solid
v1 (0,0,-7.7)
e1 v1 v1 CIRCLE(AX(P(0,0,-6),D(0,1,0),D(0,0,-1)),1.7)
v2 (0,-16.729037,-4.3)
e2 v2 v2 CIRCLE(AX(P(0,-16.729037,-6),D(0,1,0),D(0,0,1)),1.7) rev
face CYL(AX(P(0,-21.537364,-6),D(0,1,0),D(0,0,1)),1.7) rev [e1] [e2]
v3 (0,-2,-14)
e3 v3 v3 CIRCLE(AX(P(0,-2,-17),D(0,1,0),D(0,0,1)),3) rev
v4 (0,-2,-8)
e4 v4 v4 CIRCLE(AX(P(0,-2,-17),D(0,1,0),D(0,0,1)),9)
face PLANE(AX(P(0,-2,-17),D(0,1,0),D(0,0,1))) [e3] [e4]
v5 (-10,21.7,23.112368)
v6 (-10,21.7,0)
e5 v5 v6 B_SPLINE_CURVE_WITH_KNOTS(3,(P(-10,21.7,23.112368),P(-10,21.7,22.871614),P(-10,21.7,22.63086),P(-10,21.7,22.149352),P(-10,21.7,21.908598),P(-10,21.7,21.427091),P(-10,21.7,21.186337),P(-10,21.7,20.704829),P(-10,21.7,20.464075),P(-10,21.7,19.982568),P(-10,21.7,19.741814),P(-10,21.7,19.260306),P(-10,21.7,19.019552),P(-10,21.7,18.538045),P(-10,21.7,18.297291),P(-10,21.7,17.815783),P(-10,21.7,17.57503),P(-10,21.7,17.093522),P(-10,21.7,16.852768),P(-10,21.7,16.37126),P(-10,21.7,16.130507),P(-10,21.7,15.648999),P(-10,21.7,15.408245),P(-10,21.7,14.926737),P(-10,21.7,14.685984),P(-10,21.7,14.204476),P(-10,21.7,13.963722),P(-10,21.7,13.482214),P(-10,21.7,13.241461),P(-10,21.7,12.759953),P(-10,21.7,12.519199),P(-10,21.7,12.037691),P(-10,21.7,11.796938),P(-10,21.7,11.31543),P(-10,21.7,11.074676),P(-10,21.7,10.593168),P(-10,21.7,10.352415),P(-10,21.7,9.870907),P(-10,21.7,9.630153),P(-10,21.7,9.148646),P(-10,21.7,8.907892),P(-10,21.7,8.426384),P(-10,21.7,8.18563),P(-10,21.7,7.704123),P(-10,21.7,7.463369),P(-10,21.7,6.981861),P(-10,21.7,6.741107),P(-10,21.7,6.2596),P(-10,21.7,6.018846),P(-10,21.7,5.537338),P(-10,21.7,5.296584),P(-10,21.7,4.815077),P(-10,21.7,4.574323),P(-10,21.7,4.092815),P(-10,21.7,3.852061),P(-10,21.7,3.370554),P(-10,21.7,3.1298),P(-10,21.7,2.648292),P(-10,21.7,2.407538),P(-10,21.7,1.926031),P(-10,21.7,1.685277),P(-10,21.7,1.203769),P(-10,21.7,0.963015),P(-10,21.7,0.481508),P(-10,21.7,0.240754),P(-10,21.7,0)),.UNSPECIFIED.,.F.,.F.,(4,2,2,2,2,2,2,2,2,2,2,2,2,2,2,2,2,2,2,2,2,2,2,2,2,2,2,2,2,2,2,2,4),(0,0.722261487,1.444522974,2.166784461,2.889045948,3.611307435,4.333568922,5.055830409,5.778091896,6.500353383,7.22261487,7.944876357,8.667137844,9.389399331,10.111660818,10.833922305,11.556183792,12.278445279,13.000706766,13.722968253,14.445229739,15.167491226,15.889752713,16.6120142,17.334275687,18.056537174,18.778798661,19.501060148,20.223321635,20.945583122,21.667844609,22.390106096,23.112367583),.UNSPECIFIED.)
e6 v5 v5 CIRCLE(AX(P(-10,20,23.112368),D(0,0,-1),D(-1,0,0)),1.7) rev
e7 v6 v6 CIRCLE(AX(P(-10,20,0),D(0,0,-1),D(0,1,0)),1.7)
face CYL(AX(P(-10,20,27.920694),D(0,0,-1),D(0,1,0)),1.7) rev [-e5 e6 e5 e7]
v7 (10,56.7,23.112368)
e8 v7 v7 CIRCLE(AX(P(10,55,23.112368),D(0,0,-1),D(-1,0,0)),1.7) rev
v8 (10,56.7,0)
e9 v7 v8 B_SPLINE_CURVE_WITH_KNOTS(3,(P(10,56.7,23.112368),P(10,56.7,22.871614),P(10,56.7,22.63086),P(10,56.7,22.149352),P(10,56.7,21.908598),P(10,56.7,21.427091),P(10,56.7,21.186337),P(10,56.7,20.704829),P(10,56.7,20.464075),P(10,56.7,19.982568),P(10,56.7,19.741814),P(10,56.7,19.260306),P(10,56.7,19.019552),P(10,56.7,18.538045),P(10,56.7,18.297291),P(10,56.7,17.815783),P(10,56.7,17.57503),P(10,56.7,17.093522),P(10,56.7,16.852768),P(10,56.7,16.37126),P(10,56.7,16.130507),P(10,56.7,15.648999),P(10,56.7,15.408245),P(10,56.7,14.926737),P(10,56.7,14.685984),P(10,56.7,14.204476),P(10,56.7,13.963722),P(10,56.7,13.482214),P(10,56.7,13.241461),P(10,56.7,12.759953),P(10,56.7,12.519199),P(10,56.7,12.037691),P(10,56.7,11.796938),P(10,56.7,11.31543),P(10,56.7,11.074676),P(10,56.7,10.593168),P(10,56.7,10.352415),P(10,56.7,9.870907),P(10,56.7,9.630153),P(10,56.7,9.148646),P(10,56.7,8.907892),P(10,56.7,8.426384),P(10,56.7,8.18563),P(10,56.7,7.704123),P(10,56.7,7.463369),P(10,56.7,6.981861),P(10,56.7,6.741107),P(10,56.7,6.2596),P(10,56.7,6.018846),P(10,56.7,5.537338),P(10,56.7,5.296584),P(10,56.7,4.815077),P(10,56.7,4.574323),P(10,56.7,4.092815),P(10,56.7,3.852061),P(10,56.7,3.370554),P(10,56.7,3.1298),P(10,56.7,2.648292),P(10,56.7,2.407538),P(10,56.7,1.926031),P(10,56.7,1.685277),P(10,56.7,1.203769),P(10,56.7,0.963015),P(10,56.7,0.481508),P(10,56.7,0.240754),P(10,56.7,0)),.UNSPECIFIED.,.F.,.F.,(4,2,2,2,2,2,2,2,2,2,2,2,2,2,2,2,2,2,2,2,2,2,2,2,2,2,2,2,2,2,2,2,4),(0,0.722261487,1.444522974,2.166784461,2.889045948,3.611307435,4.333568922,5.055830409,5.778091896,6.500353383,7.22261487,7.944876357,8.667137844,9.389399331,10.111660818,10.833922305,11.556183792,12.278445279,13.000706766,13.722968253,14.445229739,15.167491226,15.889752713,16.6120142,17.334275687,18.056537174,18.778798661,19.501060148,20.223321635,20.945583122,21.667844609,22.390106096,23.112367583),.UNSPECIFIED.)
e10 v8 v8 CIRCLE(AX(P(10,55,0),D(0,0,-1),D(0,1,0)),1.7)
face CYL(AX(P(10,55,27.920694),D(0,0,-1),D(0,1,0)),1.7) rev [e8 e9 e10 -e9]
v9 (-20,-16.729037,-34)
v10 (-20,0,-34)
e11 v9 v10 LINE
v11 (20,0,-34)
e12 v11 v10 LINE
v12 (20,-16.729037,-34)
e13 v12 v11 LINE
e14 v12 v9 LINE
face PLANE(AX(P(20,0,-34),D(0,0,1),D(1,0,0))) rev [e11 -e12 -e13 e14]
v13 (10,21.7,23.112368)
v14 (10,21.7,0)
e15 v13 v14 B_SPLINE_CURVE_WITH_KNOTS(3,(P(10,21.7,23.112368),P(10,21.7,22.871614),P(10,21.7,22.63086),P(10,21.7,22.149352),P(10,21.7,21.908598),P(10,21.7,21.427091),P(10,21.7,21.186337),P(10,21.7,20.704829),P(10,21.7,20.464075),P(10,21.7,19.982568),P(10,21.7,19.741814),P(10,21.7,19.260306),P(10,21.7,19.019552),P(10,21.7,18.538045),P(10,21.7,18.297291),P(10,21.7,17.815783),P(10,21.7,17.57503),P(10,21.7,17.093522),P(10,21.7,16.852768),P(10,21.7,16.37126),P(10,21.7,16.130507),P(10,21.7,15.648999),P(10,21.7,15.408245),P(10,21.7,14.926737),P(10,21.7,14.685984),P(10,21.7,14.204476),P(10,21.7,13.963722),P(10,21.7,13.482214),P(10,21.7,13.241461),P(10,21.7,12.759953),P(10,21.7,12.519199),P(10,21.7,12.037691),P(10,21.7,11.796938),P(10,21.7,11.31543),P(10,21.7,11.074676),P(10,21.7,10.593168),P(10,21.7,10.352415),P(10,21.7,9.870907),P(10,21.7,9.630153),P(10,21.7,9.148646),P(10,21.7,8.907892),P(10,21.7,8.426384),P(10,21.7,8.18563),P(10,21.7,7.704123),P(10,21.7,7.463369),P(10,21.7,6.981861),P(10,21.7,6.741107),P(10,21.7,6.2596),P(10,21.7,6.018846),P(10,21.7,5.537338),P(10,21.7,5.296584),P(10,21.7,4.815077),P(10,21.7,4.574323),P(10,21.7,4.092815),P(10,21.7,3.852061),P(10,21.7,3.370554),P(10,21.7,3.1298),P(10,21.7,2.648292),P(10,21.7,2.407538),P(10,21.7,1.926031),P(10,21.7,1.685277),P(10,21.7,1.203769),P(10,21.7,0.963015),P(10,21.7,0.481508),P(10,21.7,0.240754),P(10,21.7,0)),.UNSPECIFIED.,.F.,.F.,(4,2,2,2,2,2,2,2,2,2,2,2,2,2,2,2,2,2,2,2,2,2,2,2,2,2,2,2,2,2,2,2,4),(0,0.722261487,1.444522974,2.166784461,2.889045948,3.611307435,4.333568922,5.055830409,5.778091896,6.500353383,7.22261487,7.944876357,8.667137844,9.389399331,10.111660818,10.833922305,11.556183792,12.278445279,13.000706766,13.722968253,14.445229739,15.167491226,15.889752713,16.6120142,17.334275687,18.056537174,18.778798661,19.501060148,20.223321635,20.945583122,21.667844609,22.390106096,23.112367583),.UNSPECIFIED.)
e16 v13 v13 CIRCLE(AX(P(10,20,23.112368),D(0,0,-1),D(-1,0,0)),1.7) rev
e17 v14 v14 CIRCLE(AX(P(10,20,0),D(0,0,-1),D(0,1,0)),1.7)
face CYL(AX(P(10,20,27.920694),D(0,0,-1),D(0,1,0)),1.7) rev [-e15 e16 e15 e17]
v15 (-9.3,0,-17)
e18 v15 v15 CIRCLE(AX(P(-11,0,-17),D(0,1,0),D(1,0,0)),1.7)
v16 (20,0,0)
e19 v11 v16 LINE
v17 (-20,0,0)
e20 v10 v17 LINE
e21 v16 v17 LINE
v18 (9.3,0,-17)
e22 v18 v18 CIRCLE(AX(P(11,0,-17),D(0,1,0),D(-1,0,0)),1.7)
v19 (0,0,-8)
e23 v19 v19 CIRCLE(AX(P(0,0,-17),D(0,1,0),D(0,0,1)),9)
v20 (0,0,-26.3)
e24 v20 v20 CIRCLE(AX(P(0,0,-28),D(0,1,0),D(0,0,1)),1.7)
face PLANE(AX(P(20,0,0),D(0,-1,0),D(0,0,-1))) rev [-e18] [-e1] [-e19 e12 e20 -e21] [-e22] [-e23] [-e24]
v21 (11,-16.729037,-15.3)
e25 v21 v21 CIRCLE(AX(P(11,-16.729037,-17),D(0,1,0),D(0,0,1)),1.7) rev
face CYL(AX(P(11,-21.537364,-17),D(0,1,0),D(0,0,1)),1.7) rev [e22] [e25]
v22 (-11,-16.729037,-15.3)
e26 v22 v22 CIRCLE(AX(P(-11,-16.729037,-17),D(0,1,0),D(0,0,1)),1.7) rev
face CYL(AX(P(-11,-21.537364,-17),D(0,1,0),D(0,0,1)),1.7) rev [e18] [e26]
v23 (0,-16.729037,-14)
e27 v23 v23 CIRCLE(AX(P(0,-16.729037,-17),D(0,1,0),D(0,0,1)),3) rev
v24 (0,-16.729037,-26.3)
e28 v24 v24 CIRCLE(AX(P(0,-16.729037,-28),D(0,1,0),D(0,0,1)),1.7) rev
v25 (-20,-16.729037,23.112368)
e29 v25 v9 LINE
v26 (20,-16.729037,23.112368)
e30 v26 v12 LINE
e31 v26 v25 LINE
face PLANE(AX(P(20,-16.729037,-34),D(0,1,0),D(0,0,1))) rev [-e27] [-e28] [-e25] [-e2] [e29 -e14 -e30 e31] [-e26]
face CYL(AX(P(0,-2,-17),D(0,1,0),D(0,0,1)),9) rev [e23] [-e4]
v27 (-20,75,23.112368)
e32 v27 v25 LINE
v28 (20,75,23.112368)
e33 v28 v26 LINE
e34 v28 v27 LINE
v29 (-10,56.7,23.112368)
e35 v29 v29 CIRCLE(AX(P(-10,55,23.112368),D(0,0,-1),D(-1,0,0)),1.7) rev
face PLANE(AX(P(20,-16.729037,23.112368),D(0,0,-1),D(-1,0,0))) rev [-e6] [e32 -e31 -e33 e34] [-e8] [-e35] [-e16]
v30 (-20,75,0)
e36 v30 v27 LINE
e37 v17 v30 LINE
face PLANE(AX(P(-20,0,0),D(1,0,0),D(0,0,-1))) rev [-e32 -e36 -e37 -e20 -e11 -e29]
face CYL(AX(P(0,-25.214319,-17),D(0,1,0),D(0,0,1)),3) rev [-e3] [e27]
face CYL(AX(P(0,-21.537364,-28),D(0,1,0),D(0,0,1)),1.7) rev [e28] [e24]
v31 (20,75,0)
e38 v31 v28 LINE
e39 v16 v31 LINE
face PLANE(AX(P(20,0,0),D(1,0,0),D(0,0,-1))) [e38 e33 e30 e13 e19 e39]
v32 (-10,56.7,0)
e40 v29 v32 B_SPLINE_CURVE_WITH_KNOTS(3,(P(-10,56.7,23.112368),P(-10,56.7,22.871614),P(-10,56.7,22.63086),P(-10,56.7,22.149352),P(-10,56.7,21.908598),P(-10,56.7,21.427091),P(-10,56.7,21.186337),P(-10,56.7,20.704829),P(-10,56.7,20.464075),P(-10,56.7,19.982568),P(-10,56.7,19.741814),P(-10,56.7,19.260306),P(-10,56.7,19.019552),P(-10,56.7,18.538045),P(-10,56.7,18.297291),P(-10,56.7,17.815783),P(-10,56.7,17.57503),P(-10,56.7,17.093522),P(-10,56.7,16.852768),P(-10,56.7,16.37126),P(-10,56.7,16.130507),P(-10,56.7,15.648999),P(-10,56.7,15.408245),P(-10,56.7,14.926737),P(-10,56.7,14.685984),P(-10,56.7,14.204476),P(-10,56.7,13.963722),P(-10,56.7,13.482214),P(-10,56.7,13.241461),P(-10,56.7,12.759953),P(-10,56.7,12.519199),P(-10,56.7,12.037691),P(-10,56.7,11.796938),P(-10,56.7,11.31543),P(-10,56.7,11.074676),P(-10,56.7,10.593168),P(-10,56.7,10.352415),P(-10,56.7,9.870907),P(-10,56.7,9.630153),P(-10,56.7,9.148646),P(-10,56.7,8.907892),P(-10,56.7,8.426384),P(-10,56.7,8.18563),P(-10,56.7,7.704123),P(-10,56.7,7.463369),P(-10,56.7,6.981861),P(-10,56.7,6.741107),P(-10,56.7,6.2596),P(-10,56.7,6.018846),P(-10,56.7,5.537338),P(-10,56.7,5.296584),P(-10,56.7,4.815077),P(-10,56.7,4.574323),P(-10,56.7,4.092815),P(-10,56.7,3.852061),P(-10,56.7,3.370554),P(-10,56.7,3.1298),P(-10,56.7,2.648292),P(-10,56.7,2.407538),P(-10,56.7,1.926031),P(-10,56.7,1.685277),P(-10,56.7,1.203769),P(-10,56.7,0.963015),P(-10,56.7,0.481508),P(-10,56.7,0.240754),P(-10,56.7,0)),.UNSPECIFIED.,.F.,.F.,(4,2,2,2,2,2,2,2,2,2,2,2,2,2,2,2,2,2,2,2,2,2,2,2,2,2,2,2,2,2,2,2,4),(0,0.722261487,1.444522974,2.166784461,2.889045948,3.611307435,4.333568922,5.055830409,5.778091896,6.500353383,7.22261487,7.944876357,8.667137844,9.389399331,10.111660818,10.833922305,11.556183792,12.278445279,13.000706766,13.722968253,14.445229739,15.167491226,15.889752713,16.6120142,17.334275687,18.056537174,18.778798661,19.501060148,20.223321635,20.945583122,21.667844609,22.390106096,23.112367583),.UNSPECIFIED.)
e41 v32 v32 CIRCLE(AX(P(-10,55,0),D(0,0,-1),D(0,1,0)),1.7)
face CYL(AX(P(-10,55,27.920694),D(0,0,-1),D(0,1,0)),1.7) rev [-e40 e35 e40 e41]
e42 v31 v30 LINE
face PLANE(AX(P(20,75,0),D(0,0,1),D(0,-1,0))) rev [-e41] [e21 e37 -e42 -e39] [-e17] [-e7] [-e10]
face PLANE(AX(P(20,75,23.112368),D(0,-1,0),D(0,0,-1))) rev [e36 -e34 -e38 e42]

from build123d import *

# Parameters (mm, degrees)
BOSS_EXTRUDE1_DEPTH  = 20
CUT_EXTRUDE2_START   = -16.729038
SKETCH3_R            = 3
CUT_EXTRUDE2_DEPTH   = 16.729038
SKETCH2_R            = 9
CUT_EXTRUDE1_DEPTH   = 2
SKETCH5_R            = 1.7
CUT_EXTRUDE3_DEPTH   = 16.729037413
CIRPATTERN1_COUNT    = 4
SKETCH6_R            = 1.7
CUT_EXTRUDE4_DEPTH   = 23.112367583
LPATTERN1_COUNT      = 2
LPATTERN1_PITCH      = 20
LPATTERN1_COUNT_DIR2 = 2
LPATTERN1_PITCH_DIR2 = 35


with BuildPart() as part:
    # Sketch1 → Boss-Extrude1 (new, symmetric)
    with BuildSketch(Plane(origin=(0, 0, 0), x_dir=(0, 0, -1), z_dir=(1, 0, 0))):
        Polygon((0, 0), (34, 0), (34, -16.729037413), (-23.112367583, -16.729037413), (-23.112367583, 75), (0, 75), align=None)
    extrude(amount=BOSS_EXTRUDE1_DEPTH, both=True)

    # Sketch3 → Cut-Extrude2 (cut)
    with BuildSketch(Plane(origin=(0, 0, 0), x_dir=(1, 0, 0), z_dir=(0, 1, 0)).offset(CUT_EXTRUDE2_START)):
        with Locations(Location((0, 17, 0), (0, 0, 270))):
            Circle(SKETCH3_R)
    extrude(amount=CUT_EXTRUDE2_DEPTH, mode=Mode.SUBTRACT)

    # Sketch2 → Cut-Extrude1 (cut)
    with BuildSketch(Plane(origin=(0, 0, 0), x_dir=(1, 0, 0), z_dir=(0, 1, 0))):
        with Locations(Location((0, 17, 0), (0, 0, 270))):
            Circle(SKETCH2_R)
    extrude(amount=-CUT_EXTRUDE1_DEPTH, mode=Mode.SUBTRACT)

    # Sketch5 → Cut-Extrude3 (cut)
    with BuildSketch(Plane(origin=(0, 0, 0), x_dir=(1, 0, 0), z_dir=(0, 1, 0))):
        with Locations(Location((0, 28, 0), (0, 0, 270))):
            Circle(SKETCH5_R)
    cut_extrude3 = extrude(amount=-CUT_EXTRUDE3_DEPTH, mode=Mode.SUBTRACT)

    # CirPattern1: Cut-Extrude3 ×4 about axis
    cirpattern1_axis = Axis((0, 0, -17), (0, 1, 0))
    for i in range(1, CIRPATTERN1_COUNT):
        add(cut_extrude3.rotate(cirpattern1_axis, i * 360 / CIRPATTERN1_COUNT), mode=Mode.SUBTRACT)

    # Sketch6 → Cut-Extrude4 (cut)
    with BuildSketch(Plane(origin=(0, 0, 0), x_dir=(-1, 0, 0), z_dir=(0, 0, -1))):
        with Locations(Location((10, 55, 0), (0, 0, 90))):
            Circle(SKETCH6_R)
    cut_extrude4 = extrude(amount=-CUT_EXTRUDE4_DEPTH, mode=Mode.SUBTRACT)

    # LPattern1: Cut-Extrude4 2 × 2
    with Locations(*[(i * LPATTERN1_PITCH, -j * LPATTERN1_PITCH_DIR2, 0) for i in range(LPATTERN1_COUNT) for j in range(LPATTERN1_COUNT_DIR2) if (i, j) != (0, 0)]):
        add(cut_extrude4, mode=Mode.SUBTRACT)


solid = part.part
